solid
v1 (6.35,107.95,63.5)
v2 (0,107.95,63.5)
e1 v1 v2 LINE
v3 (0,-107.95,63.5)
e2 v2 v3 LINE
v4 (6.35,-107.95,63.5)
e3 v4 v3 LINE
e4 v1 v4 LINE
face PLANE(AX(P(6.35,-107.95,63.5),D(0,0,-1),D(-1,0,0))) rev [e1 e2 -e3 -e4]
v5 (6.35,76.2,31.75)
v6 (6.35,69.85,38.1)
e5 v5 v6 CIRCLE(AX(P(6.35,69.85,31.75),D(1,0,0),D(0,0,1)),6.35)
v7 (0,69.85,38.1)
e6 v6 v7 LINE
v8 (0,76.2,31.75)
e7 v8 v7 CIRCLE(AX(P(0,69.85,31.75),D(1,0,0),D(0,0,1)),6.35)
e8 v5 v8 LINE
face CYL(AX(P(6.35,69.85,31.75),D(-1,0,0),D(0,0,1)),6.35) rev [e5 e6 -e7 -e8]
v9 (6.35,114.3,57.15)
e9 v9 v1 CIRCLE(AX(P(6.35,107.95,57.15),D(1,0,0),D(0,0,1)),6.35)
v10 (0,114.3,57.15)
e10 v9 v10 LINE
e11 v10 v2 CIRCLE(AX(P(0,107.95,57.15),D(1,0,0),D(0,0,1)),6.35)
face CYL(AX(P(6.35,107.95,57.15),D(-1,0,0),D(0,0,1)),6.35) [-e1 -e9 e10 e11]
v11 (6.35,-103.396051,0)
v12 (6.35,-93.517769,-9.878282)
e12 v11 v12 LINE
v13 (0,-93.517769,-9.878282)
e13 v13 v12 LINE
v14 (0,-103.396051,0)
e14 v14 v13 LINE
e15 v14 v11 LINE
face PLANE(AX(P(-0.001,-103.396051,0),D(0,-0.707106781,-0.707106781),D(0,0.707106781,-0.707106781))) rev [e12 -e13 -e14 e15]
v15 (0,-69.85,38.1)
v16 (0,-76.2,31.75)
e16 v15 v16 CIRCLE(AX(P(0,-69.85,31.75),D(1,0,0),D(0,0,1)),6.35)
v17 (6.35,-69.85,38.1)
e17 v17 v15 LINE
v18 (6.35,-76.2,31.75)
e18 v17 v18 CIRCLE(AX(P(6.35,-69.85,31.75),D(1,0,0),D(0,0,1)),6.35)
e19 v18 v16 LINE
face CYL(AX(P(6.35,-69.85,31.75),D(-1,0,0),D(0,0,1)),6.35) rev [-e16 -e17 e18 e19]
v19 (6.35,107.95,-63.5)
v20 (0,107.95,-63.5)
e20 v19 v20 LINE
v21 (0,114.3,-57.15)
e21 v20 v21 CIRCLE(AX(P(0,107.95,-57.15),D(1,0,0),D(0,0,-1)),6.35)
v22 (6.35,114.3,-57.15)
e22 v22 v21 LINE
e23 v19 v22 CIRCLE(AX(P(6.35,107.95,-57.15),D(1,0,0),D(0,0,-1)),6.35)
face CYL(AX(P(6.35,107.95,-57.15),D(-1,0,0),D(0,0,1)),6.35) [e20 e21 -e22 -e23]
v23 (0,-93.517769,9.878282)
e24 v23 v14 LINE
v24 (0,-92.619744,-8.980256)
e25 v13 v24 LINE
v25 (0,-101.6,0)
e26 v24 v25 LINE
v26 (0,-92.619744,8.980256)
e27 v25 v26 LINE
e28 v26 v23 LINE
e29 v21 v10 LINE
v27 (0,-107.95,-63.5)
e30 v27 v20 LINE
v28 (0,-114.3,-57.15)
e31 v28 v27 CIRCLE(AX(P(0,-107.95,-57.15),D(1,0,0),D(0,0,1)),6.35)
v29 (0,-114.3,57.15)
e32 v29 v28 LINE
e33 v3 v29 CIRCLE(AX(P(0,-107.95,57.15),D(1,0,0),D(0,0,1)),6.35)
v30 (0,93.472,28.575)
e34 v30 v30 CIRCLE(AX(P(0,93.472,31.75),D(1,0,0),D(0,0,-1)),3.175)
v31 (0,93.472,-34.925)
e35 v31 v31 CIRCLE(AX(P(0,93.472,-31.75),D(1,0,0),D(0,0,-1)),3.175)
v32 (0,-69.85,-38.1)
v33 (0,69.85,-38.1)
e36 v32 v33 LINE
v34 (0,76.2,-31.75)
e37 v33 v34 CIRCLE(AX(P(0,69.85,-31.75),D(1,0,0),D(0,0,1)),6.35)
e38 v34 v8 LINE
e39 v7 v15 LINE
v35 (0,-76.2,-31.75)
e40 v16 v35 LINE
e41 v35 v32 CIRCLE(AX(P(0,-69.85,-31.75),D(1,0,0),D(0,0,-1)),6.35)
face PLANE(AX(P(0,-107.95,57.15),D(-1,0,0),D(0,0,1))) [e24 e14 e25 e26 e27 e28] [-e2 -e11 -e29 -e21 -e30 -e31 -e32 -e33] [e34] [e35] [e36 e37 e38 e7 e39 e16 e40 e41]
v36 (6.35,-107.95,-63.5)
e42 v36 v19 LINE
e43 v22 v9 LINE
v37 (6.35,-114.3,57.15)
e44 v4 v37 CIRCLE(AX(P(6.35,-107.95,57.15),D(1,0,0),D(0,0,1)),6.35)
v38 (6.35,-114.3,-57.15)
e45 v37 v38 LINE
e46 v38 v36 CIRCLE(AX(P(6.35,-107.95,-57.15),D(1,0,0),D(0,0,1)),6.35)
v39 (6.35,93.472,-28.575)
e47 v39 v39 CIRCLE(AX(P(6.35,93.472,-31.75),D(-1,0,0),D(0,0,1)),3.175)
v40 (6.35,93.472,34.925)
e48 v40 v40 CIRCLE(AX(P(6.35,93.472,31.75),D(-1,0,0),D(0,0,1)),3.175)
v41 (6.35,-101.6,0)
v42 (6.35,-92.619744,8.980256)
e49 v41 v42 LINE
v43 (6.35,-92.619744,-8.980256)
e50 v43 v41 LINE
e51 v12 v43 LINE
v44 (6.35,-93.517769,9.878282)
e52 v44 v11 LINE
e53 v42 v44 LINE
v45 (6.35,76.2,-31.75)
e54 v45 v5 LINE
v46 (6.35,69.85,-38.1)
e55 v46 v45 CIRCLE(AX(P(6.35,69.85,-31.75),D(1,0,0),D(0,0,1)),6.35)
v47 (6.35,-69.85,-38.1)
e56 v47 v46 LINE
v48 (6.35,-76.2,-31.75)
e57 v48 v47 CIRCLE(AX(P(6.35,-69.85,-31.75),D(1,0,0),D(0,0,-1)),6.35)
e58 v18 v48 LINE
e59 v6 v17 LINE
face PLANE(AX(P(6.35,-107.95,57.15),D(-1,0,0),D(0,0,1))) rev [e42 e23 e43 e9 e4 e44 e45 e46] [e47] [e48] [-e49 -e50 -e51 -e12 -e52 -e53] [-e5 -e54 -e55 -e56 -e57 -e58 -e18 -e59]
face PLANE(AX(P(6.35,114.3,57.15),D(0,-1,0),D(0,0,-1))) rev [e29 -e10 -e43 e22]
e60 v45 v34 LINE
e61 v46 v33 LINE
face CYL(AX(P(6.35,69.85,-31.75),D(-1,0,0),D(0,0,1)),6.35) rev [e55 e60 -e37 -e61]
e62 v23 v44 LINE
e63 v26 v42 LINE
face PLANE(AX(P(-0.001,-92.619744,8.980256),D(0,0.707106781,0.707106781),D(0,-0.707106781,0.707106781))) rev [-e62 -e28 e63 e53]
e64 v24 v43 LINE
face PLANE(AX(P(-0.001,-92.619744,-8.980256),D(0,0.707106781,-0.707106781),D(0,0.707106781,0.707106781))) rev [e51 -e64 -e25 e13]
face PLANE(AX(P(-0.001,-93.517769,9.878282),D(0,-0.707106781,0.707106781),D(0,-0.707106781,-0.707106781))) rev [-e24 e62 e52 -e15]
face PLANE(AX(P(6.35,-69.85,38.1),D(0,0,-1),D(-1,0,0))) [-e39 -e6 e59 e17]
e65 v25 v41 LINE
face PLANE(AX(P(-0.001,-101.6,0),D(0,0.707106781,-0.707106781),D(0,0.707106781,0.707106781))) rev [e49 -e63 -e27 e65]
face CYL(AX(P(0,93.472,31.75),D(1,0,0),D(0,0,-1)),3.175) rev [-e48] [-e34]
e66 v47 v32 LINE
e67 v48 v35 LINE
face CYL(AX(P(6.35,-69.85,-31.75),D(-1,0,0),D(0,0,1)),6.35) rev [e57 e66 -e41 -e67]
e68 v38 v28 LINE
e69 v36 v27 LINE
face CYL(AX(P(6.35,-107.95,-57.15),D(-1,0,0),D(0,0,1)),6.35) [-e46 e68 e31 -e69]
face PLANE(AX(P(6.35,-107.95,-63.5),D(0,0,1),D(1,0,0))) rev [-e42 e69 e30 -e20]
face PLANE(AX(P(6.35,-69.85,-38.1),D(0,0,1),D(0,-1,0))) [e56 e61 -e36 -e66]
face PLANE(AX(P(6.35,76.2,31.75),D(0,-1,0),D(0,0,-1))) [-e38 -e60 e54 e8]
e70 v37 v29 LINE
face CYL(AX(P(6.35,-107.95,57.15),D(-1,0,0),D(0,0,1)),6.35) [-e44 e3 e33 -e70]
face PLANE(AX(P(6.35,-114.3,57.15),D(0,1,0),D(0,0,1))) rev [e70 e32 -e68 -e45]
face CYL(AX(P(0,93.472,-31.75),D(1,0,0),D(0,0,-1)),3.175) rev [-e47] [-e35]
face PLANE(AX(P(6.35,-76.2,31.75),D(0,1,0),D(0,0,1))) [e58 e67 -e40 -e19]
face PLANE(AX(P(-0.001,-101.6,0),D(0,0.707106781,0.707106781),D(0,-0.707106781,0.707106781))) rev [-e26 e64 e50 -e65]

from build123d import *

# Parameters (mm, degrees)
BOSS_EXTRUDE2_DEPTH     = 6.35
CUT_EXTRUDE1_REACH      = 132.909
CUT_EXTRUDE2_DEPTH      = 131.908603613
CUT_EXTRUDE2_DEPTH_BACK = 131.908603613
SKETCH5_R               = 3.175


with BuildPart() as part:
    # Sketch3 → Boss-Extrude2 (new body)
    with BuildSketch(Plane(origin=(0, 0, 0), x_dir=(0, 0, -1), z_dir=(1, 0, 0))):
        with BuildLine():
            Line((-57.15, -114.3), (57.15, -114.3))
            ThreePointArc((57.15, -114.3), (61.640128061, -112.440128061), (63.5, -107.95))
            Line((63.5, -107.95), (63.5, 107.95))
            ThreePointArc((63.5, 107.95), (61.640128061, 112.440128061), (57.15, 114.3))
            Line((57.15, 114.3), (-57.15, 114.3))
            ThreePointArc((-57.15, 114.3), (-61.640128061, 112.440128061), (-63.5, 107.95))
            Line((-63.5, 107.95), (-63.5, -107.95))
            ThreePointArc((-63.5, -107.95), (-61.640128061, -112.440128061), (-57.15, -114.3))
        make_face()
        with BuildLine():
            Line((-31.75, -76.2), (31.75, -76.2))
            ThreePointArc((31.75, -76.2), (36.240128061, -74.340128061), (38.1, -69.85))
            Line((38.1, -69.85), (38.1, 69.85))
            ThreePointArc((38.1, 69.85), (36.240128061, 74.340128061), (31.75, 76.2))
            Line((31.75, 76.2), (-31.75, 76.2))
            ThreePointArc((-31.75, 76.2), (-36.240128061, 74.340128061), (-38.1, 69.85))
            Line((-38.1, 69.85), (-38.1, -69.85))
            ThreePointArc((-38.1, -69.85), (-36.240128061, -74.340128061), (-31.75, -76.2))
        make_face(mode=Mode.SUBTRACT)
    extrude(amount=BOSS_EXTRUDE2_DEPTH)

    # Sketch4 → Cut-Extrude1 (cut, up to next)
    with BuildSketch(Plane(origin=(6.35, 0, 0), x_dir=(0, 0, -1), z_dir=(1, 0, 0)), mode=Mode.PRIVATE) as cut_extrude1_sk1:
        Polygon((0, -101.6), (-8.980256121, -92.619743879), (-9.878281733, -93.517769491), (0, -103.396051224), (9.878281733, -93.517769491), (8.980256121, -92.619743879), align=None)
    cut_extrude1_tool1 = extrude(cut_extrude1_sk1.sketch, amount=-CUT_EXTRUDE1_REACH, mode=Mode.PRIVATE) & part.part
    add(cut_extrude1_tool1.solids().sort_by_distance((6.35, -97.269002, 4.649259))[0], mode=Mode.SUBTRACT)

    # Sketch5 → Cut-Extrude2 (cut, two sides: drawn at the far end of the back side and taken through both)
    with BuildSketch(Plane(origin=(6.35, 0, 0), x_dir=(0, 0, -1), z_dir=(1, 0, 0)).offset(-CUT_EXTRUDE2_DEPTH_BACK)):
        with Locations((-31.75, 93.472)):
            Circle(SKETCH5_R)
        with Locations((31.75, 93.472)):
            Circle(SKETCH5_R)
    extrude(amount=CUT_EXTRUDE2_DEPTH + CUT_EXTRUDE2_DEPTH_BACK, mode=Mode.SUBTRACT)


solid = part.part
